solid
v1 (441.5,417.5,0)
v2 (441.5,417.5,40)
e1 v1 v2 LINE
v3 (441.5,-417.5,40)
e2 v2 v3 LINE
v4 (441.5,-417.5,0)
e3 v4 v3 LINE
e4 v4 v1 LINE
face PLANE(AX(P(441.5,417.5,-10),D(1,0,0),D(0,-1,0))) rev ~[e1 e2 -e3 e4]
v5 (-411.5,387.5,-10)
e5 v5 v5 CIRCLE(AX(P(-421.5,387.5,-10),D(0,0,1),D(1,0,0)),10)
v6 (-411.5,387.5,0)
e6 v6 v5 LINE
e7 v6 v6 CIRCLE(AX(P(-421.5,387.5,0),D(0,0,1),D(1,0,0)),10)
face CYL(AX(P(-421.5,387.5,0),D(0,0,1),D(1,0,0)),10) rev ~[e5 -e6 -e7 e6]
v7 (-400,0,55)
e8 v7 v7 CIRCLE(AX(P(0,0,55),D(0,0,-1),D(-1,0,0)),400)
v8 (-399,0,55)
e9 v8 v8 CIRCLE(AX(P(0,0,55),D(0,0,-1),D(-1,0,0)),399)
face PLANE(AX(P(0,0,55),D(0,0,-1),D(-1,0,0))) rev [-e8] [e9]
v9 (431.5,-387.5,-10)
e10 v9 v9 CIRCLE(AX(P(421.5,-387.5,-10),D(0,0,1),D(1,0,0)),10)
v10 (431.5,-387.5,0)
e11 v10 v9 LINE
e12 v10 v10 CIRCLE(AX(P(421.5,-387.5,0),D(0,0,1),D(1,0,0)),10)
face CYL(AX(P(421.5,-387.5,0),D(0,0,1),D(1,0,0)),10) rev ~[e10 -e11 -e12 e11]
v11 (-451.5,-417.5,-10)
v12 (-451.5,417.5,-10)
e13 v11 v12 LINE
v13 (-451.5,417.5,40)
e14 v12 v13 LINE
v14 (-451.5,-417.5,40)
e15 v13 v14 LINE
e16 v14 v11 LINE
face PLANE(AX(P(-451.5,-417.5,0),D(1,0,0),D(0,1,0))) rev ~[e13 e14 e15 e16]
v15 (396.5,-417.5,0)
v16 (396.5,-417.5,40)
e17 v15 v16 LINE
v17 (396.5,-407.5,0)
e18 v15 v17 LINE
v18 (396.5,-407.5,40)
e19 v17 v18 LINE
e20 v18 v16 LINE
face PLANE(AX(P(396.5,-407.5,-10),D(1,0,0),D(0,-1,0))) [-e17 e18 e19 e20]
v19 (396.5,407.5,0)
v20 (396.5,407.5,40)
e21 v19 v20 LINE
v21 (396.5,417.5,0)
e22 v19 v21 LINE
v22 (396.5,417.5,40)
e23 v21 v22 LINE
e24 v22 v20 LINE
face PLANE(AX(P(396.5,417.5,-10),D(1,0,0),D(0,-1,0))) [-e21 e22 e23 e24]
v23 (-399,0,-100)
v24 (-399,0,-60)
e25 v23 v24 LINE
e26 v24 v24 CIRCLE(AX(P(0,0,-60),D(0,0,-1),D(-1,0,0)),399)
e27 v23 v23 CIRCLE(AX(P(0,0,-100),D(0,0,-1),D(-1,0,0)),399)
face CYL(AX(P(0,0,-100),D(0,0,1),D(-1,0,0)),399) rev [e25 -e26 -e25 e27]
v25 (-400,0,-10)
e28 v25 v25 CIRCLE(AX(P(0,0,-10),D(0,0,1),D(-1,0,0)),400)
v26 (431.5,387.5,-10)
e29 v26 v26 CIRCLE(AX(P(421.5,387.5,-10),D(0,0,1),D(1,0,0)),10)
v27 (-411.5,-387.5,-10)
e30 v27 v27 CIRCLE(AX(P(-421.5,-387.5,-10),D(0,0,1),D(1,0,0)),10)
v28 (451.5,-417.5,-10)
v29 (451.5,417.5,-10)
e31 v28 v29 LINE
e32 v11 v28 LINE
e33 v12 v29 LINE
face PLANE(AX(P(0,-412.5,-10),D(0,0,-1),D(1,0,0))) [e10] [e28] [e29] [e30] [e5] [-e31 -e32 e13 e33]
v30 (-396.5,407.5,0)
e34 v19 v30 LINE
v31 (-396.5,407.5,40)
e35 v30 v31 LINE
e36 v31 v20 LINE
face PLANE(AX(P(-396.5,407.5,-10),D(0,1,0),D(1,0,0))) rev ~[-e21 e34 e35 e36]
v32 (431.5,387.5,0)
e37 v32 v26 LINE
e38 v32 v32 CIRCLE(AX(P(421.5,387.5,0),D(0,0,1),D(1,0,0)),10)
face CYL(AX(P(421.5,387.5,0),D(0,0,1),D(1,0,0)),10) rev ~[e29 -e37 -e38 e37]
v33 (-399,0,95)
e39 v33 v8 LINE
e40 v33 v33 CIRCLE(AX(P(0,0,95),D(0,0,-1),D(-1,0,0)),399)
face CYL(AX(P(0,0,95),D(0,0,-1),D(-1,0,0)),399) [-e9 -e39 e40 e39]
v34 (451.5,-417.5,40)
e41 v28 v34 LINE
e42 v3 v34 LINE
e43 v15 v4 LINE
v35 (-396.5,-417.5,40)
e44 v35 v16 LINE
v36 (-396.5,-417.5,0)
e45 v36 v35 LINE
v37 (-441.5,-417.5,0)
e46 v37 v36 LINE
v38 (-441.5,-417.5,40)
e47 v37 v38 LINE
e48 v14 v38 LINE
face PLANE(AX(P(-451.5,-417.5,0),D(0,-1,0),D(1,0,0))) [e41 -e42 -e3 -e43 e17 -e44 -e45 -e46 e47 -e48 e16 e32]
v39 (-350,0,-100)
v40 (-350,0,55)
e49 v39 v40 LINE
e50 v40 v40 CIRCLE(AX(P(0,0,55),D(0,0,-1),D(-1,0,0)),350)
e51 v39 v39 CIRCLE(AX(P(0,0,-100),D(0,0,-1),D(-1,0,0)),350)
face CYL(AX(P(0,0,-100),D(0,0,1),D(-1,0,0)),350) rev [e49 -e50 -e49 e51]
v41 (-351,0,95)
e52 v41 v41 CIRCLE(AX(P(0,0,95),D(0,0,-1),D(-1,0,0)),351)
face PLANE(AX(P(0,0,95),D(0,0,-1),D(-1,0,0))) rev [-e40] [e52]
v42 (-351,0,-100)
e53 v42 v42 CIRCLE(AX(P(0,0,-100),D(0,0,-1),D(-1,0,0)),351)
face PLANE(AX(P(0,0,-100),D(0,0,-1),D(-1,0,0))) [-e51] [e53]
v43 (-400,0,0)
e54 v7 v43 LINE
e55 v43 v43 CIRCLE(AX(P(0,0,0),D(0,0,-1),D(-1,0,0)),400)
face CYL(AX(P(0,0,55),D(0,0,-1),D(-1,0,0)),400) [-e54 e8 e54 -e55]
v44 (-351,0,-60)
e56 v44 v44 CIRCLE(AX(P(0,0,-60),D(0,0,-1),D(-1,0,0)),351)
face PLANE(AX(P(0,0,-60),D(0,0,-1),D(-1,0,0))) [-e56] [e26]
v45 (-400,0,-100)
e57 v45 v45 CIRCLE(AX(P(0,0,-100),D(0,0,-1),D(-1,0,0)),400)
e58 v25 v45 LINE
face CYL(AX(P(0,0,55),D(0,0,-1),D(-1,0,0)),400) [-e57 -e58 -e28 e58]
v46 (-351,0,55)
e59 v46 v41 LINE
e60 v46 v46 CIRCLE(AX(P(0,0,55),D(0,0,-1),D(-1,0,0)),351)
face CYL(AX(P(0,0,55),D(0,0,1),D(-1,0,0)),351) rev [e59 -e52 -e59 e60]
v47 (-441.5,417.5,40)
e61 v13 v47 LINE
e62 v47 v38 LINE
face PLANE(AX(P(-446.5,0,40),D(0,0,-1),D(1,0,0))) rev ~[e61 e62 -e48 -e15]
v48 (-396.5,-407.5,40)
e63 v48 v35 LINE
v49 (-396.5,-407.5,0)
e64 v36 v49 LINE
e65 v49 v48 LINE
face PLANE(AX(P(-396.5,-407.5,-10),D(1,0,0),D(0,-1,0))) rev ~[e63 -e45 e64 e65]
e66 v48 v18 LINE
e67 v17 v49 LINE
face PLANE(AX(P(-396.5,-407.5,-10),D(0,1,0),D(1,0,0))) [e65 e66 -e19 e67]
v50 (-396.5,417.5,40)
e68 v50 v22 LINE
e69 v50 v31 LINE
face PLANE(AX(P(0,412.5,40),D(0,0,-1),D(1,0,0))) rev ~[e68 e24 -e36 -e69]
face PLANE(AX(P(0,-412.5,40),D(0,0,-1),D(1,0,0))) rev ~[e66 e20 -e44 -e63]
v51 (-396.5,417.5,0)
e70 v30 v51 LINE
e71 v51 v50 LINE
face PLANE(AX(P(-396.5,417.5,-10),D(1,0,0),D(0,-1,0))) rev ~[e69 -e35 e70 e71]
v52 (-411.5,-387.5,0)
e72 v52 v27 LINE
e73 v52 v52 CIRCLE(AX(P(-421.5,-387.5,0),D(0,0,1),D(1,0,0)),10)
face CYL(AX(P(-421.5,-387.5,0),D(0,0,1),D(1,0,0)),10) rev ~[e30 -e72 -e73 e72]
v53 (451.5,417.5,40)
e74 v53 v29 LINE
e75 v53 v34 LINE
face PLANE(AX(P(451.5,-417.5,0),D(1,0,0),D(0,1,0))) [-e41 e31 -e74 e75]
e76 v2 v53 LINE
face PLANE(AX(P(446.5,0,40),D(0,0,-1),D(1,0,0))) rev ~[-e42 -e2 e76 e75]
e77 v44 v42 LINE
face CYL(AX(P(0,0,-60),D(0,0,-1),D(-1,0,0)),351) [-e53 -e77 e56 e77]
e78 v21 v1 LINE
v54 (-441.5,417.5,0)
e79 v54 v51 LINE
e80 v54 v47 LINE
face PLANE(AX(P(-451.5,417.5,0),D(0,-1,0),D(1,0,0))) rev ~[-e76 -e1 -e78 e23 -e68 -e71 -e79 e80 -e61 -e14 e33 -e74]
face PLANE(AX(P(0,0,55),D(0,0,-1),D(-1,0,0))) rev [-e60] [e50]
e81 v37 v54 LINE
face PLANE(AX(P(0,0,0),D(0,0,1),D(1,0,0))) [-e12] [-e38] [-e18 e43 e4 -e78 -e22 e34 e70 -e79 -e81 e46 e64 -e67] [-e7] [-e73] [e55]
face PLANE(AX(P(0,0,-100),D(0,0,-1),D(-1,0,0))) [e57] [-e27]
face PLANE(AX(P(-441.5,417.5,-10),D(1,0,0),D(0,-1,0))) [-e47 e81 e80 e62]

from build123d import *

# Parameters (mm, degrees)
F2_W     = 903
F2_H     = 835
F2_R     = 10
F2_R_2   = 400
F3_DEPTH = 10
F4_W     = 793
F4_H     = 10
F4_W_2   = 10
F4_H_2   = 835
F5_DEPTH = 50


with BuildPart() as f1:
    # F0 (on Front) → F1 (revolve)
    with BuildSketch(Plane.XZ):
        Polygon((-351, -100), (-350, -100), (-350, 55), (-351, 55), (-351, 95), (-399, 95), (-399, 55), (-400, 55), (-400, -100), (-399, -100), (-399, -60), (-351, -60), align=None)
    revolve(axis=Axis((0, 0, -77.049306), (0, 0, -1)))

    # F2 (on Top) → F3 (join)
    with BuildSketch(Plane.XY):
        Rectangle(F2_W, F2_H)
        with Locations((-421.5, -387.5)):
            Circle(F2_R, mode=Mode.SUBTRACT)
        with Locations((421.5, -387.5)):
            Circle(F2_R, mode=Mode.SUBTRACT)
        with Locations((-421.5, 387.5)):
            Circle(F2_R, mode=Mode.SUBTRACT)
        Circle(F2_R_2, mode=Mode.SUBTRACT)
        with Locations((421.5, 387.5)):
            Circle(F2_R, mode=Mode.SUBTRACT)
    extrude(amount=-F3_DEPTH)

    # F4 (on face) → F5 (join)
    with BuildSketch(Plane(origin=(0, 0, -10), x_dir=(1, 0, 0), z_dir=(0, 0, -1))):
        with Locations((0, 412.5)):
            Rectangle(F4_W, F4_H)
        with Locations((-446.5, 0)):
            Rectangle(F4_W_2, F4_H_2)
        with Locations((0, -412.5)):
            Rectangle(F4_W, F4_H)
        with Locations((446.5, 0)):
            Rectangle(F4_W_2, F4_H_2)
    extrude(amount=-F5_DEPTH)


solid = f1.part
